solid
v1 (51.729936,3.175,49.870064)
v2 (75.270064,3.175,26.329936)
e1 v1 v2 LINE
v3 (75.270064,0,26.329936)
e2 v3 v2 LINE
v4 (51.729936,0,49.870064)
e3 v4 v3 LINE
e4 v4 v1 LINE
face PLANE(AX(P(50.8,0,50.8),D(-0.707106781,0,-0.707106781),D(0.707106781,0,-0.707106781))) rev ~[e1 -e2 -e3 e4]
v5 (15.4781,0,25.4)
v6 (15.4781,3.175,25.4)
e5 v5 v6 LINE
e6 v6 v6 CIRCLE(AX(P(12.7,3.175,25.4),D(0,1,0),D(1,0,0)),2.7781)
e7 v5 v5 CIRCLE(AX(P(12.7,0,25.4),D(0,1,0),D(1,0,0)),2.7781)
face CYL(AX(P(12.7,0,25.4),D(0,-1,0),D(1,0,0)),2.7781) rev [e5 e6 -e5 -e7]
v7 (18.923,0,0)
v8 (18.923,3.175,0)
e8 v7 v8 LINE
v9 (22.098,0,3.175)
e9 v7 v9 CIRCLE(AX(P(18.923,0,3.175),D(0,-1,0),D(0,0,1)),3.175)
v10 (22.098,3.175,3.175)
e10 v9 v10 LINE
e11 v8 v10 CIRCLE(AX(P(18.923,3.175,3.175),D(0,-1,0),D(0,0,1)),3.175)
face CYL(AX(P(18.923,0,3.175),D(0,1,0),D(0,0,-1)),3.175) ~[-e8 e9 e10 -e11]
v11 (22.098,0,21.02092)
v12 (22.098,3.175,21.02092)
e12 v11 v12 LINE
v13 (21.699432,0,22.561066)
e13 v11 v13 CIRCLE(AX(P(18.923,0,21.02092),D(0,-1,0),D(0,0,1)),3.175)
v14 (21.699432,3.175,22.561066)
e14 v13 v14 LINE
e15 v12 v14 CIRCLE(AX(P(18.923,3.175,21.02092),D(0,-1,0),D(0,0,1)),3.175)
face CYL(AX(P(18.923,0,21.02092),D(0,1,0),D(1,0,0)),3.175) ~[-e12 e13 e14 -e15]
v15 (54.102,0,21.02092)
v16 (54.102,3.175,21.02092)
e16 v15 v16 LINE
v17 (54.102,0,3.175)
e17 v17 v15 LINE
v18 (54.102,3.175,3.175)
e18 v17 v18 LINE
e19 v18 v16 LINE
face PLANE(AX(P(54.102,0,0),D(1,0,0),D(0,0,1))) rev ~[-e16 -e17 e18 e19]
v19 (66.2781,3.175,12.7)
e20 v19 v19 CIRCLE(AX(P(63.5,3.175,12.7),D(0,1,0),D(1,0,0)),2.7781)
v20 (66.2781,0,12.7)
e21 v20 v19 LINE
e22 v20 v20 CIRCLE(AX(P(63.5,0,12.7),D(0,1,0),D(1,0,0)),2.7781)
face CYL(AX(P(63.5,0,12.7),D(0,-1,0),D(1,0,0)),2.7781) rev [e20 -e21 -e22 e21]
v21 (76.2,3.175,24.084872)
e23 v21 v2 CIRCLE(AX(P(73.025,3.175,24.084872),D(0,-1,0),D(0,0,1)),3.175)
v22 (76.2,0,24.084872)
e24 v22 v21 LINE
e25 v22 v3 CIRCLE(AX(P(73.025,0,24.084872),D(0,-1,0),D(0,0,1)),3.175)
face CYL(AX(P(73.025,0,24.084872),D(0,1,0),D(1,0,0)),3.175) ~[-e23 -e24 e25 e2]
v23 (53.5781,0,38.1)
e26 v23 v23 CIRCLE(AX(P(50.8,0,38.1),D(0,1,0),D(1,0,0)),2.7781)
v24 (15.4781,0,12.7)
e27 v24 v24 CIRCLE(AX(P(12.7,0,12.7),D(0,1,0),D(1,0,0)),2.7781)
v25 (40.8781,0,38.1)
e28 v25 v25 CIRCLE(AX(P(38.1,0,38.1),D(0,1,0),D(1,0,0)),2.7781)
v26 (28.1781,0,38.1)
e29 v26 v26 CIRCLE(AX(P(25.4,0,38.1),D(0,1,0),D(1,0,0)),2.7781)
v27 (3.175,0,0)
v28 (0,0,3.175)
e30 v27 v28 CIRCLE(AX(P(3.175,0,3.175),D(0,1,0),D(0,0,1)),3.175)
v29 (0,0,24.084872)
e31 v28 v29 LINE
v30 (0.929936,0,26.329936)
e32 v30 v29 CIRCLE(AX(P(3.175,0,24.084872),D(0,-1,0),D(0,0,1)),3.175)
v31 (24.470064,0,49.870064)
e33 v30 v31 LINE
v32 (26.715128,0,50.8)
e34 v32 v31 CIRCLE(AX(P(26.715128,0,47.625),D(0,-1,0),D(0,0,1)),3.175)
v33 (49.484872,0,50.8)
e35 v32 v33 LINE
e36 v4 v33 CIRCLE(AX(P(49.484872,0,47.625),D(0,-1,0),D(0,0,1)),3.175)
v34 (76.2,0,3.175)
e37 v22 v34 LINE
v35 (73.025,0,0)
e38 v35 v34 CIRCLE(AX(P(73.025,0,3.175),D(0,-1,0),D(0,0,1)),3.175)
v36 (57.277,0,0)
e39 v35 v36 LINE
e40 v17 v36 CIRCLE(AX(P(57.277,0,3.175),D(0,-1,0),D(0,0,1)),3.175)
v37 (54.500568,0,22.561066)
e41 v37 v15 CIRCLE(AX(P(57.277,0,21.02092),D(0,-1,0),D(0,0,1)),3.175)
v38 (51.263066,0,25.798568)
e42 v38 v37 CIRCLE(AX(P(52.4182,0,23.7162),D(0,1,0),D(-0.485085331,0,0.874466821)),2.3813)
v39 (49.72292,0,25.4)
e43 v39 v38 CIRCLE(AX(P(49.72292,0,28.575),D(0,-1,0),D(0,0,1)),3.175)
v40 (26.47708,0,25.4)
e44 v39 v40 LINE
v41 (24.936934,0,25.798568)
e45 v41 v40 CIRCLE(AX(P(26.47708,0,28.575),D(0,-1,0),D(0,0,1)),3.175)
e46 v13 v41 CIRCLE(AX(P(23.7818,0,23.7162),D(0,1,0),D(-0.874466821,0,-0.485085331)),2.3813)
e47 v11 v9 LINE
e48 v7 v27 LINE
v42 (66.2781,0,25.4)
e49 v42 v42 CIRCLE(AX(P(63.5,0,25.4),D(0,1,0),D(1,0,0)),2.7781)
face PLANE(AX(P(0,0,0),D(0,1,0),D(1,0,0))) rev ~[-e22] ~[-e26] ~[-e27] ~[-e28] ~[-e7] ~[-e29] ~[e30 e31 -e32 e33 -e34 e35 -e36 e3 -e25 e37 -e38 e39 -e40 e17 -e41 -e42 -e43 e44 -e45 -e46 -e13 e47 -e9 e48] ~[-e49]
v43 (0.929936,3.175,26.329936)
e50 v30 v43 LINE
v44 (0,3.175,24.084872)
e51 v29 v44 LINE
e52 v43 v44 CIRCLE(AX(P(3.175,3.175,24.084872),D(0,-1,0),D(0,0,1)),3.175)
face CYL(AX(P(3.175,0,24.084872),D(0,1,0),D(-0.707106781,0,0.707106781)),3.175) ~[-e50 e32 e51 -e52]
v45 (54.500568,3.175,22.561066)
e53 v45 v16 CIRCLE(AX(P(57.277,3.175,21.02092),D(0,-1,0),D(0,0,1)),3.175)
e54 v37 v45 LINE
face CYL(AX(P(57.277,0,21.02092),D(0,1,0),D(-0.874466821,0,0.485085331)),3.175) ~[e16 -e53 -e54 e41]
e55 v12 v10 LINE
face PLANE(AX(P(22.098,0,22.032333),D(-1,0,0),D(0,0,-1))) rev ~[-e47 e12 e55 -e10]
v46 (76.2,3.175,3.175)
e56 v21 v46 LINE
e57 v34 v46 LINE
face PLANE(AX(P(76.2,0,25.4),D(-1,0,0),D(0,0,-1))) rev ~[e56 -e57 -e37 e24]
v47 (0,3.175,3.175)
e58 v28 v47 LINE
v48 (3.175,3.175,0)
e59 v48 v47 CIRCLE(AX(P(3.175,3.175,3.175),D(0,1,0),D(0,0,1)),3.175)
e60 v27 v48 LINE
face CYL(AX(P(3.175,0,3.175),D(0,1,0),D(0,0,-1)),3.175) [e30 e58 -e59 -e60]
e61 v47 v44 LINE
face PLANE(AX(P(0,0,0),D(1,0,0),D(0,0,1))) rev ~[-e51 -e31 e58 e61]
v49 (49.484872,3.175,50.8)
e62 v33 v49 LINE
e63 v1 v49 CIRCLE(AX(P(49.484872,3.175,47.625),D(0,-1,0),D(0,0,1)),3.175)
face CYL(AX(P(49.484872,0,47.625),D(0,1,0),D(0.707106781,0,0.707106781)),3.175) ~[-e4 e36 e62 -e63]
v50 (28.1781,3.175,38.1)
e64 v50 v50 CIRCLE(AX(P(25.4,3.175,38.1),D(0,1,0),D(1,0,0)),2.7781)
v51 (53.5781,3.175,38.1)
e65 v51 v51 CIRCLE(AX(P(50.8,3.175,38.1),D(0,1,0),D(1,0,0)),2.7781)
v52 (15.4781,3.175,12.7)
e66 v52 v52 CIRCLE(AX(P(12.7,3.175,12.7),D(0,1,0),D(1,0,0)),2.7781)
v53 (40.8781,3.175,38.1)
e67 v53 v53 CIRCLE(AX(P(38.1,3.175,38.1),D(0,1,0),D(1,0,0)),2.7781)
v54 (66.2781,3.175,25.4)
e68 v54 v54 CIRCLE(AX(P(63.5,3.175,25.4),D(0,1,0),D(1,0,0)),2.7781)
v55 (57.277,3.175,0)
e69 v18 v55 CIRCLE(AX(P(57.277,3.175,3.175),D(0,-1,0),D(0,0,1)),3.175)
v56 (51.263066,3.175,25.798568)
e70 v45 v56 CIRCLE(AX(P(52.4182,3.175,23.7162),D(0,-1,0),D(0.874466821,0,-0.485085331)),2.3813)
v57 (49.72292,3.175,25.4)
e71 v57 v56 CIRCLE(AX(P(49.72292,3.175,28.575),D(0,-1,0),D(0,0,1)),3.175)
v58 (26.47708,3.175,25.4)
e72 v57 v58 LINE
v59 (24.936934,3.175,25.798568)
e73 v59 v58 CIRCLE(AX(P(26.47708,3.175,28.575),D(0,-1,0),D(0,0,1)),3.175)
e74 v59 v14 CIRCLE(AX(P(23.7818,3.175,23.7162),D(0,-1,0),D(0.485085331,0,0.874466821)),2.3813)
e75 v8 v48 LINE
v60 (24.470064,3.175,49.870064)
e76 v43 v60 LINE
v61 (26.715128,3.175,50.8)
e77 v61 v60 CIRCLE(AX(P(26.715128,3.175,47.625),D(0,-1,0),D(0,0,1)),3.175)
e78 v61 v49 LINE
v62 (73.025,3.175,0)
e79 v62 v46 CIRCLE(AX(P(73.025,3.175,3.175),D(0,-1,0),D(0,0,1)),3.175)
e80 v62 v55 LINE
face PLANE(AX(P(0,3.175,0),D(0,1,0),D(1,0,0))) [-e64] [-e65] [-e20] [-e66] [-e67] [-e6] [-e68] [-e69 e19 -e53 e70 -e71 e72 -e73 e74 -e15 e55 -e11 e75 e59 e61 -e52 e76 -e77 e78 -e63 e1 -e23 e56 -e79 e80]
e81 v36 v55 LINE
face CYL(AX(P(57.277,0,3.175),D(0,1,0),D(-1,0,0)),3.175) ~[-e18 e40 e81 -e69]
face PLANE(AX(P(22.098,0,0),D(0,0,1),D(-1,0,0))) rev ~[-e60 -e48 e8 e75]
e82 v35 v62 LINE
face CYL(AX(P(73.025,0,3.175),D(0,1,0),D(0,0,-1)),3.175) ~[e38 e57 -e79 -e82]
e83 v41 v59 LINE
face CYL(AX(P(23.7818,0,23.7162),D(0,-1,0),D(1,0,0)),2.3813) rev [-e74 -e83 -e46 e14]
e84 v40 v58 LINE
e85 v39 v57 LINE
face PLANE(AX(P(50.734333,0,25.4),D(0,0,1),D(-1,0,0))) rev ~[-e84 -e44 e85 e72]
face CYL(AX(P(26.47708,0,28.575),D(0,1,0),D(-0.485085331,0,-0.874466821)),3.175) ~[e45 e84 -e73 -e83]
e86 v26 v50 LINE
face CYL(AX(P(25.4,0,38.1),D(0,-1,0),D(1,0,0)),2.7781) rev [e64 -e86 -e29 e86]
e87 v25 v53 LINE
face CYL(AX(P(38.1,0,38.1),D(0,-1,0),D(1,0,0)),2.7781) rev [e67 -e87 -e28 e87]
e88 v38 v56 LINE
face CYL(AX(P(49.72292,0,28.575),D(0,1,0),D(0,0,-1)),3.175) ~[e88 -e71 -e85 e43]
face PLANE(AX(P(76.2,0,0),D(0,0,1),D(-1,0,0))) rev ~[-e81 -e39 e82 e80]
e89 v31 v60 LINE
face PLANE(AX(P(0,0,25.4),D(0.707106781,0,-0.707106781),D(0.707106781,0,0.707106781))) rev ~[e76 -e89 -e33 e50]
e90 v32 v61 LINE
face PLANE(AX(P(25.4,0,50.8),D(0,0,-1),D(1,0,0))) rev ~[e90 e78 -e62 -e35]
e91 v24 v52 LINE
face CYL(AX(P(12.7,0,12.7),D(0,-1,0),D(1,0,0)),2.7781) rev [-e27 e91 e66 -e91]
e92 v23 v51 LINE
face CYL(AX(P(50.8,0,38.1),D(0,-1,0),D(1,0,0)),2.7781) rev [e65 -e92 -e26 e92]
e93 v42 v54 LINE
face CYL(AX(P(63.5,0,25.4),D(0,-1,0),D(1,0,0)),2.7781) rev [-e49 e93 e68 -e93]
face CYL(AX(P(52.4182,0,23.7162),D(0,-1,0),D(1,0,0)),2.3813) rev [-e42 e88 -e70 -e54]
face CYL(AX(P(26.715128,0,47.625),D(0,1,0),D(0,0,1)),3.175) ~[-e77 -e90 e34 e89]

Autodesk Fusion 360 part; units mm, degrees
sketch "Sketch1" plane through (0, 0, 0) normal (0, 1, 0) x (1, 0, 0)
  line L0 (0, 0) -> (0, -25.4)
  line L1 (76.2, -25.4) -> (76.2, 0)
  line L2 (76.2, 0) -> (54.102, 0)
  line L3 (54.102, 0) -> (54.102, -25.4)
  line L4 (54.102, -25.4) -> (22.098, -25.4)
  line L5 (22.098, -25.4) -> (22.098, 0)
  line L6 (22.098, 0) -> (0, 0)
  line L7 (38.1, -25.4) -> (38.1, -50.8) construction
  circle A0 centre (23.7818, -23.7162) radius 2.3813
  line L8 (23.7818, -23.7162) -> (23.7818, -25.4) construction
  line L9 (23.7818, -23.7162) -> (22.098, -23.7162) construction
  circle A1 centre (12.7, -12.7) radius 2.7781
  line L10 (0, -25.4) -> (25.4, -50.8)
  line L11 (25.4, -50.8) -> (50.8, -50.8)
  line L12 (50.8, -50.8) -> (76.2, -25.4)
  circle A2 centre (12.7, -25.4) radius 2.7781
  circle A3 centre (25.4, -38.1) radius 2.7781
  circle A4 centre (38.1, -38.1) radius 2.7781
  circle A5 centre (50.8, -38.1) radius 2.7781
  circle A6 centre (63.5, -12.7) radius 2.7781
  circle A7 centre (63.5, -25.4) radius 2.7781
  circle A8 centre (52.4182, -23.7162) radius 2.3813
  dimension "d1" = 76.2
  dimension "d3" = 32.004
  dimension "d4" = 25.4
  dimension "d6" = 25.4
  dimension "d8" = 4.7625
  dimension "d9" = 5.5563
  dimension "d10" = 12.7
  dimension "d26" = 25.4
  dimension "d43" = 25.4
  dimension "d44" = 12.7
  dimension "d47" = -25.4
  dimension "d48" = -50.8
extrude "Extrude1" add sketch "Sketch1" along normal blind 3.175 contours L0 L1 L2 L3 L4 L5 L6 A0 L10 L11 L12 A8
fillet "Fillet1" radius 3.175 8 edges at (0, 1.5875, 0) (22.098, 1.5875, 0) (54.102, 1.5875, 0) (76.2, 1.5875, 0) (0, 1.5875, 25.4) (25.4, 1.5875, 50.8) (50.8, 1.5875, 50.8) (76.2, 1.5875, 25.4)
fillet "Fillet1" radius 3.175 4 edges at (25.4656, 1.5875, 25.4) (22.098, 1.5875, 22.0324) (50.7344, 1.5875, 25.4) (54.102, 1.5875, 22.0324)
sketch "DXF" plane through (0, 0, 0) normal (0, -1, 0) x (1, 0, 0)
  circle A0 centre (38.1, 38.1) radius 2.7781
  circle A1 centre (12.7, 12.7) radius 2.7781
  circle A2 centre (25.4, 38.1) radius 2.7781
  circle A3 centre (12.7, 25.4) radius 2.7781
  circle A4 centre (63.5, 12.7) radius 2.7781
  circle A5 centre (63.5, 25.4) radius 2.7781
  circle A6 centre (50.8, 38.1) radius 2.7781
  arc A7 (54.5005, 22.5611) -> (54.102, 21.021) centre (57.277, 21.021) ccw
  line L0 (54.102, 21.021) -> (54.102, 3.175)
  arc A8 (54.102, 3.175) -> (57.277, 0) centre (57.277, 3.175) ccw
  line L1 (57.277, 0) -> (73.025, 0)
  arc A9 (73.025, 0) -> (76.2, 3.175) centre (73.025, 3.175) ccw
  line L2 (76.2, 3.175) -> (76.2, 24.0849)
  arc A10 (76.2, 24.0849) -> (75.2701, 26.3299) centre (73.025, 24.0849) ccw
  line L3 (75.2701, 26.3299) -> (51.7299, 49.8701)
  arc A11 (51.7299, 49.8701) -> (49.4849, 50.8) centre (49.4849, 47.625) ccw
  line L4 (49.4849, 50.8) -> (26.7151, 50.8)
  arc A12 (26.7151, 50.8) -> (24.4701, 49.8701) centre (26.7151, 47.625) ccw
  line L5 (24.4701, 49.8701) -> (0.9299, 26.3299)
  arc A13 (0.9299, 26.3299) -> (0, 24.0849) centre (3.175, 24.0849) ccw
  line L6 (0, 24.0849) -> (0, 3.175)
  arc A14 (0, 3.175) -> (3.175, 0) centre (3.175, 3.175) ccw
  line L7 (3.175, 0) -> (18.923, 0)
  arc A15 (18.923, 0) -> (22.098, 3.175) centre (18.923, 3.175) ccw
  line L8 (22.098, 3.175) -> (22.098, 21.021)
  arc A16 (22.098, 21.021) -> (21.6995, 22.5611) centre (18.923, 21.021) ccw
  arc A17 (24.9369, 25.7985) -> (21.6995, 22.5611) centre (23.7818, 23.7162) ccw
  arc A18 (24.9369, 25.7985) -> (26.477, 25.4) centre (26.477, 28.575) ccw
  line L9 (26.477, 25.4) -> (49.723, 25.4)
  arc A19 (49.723, 25.4) -> (51.2631, 25.7985) centre (49.723, 28.575) ccw
  arc A20 (54.5005, 22.5611) -> (51.2631, 25.7985) centre (52.4182, 23.7162) ccw
equation "TOLERANCE = 0.01 in" comment "Tube size tolerance"
equation "d3 = 1 in + 2 * PLATE_THICKNESS + TOLERANCE"
equation "d9 = ( 7 / 32 ) * 1 in"
equation "HOLE_DIAMETER = ( 7 / 32 ) * 1 in"
equation "PLATE_THICKNESS = 0.125 in" comment "Non-zero if you want this to overlap other plates"
